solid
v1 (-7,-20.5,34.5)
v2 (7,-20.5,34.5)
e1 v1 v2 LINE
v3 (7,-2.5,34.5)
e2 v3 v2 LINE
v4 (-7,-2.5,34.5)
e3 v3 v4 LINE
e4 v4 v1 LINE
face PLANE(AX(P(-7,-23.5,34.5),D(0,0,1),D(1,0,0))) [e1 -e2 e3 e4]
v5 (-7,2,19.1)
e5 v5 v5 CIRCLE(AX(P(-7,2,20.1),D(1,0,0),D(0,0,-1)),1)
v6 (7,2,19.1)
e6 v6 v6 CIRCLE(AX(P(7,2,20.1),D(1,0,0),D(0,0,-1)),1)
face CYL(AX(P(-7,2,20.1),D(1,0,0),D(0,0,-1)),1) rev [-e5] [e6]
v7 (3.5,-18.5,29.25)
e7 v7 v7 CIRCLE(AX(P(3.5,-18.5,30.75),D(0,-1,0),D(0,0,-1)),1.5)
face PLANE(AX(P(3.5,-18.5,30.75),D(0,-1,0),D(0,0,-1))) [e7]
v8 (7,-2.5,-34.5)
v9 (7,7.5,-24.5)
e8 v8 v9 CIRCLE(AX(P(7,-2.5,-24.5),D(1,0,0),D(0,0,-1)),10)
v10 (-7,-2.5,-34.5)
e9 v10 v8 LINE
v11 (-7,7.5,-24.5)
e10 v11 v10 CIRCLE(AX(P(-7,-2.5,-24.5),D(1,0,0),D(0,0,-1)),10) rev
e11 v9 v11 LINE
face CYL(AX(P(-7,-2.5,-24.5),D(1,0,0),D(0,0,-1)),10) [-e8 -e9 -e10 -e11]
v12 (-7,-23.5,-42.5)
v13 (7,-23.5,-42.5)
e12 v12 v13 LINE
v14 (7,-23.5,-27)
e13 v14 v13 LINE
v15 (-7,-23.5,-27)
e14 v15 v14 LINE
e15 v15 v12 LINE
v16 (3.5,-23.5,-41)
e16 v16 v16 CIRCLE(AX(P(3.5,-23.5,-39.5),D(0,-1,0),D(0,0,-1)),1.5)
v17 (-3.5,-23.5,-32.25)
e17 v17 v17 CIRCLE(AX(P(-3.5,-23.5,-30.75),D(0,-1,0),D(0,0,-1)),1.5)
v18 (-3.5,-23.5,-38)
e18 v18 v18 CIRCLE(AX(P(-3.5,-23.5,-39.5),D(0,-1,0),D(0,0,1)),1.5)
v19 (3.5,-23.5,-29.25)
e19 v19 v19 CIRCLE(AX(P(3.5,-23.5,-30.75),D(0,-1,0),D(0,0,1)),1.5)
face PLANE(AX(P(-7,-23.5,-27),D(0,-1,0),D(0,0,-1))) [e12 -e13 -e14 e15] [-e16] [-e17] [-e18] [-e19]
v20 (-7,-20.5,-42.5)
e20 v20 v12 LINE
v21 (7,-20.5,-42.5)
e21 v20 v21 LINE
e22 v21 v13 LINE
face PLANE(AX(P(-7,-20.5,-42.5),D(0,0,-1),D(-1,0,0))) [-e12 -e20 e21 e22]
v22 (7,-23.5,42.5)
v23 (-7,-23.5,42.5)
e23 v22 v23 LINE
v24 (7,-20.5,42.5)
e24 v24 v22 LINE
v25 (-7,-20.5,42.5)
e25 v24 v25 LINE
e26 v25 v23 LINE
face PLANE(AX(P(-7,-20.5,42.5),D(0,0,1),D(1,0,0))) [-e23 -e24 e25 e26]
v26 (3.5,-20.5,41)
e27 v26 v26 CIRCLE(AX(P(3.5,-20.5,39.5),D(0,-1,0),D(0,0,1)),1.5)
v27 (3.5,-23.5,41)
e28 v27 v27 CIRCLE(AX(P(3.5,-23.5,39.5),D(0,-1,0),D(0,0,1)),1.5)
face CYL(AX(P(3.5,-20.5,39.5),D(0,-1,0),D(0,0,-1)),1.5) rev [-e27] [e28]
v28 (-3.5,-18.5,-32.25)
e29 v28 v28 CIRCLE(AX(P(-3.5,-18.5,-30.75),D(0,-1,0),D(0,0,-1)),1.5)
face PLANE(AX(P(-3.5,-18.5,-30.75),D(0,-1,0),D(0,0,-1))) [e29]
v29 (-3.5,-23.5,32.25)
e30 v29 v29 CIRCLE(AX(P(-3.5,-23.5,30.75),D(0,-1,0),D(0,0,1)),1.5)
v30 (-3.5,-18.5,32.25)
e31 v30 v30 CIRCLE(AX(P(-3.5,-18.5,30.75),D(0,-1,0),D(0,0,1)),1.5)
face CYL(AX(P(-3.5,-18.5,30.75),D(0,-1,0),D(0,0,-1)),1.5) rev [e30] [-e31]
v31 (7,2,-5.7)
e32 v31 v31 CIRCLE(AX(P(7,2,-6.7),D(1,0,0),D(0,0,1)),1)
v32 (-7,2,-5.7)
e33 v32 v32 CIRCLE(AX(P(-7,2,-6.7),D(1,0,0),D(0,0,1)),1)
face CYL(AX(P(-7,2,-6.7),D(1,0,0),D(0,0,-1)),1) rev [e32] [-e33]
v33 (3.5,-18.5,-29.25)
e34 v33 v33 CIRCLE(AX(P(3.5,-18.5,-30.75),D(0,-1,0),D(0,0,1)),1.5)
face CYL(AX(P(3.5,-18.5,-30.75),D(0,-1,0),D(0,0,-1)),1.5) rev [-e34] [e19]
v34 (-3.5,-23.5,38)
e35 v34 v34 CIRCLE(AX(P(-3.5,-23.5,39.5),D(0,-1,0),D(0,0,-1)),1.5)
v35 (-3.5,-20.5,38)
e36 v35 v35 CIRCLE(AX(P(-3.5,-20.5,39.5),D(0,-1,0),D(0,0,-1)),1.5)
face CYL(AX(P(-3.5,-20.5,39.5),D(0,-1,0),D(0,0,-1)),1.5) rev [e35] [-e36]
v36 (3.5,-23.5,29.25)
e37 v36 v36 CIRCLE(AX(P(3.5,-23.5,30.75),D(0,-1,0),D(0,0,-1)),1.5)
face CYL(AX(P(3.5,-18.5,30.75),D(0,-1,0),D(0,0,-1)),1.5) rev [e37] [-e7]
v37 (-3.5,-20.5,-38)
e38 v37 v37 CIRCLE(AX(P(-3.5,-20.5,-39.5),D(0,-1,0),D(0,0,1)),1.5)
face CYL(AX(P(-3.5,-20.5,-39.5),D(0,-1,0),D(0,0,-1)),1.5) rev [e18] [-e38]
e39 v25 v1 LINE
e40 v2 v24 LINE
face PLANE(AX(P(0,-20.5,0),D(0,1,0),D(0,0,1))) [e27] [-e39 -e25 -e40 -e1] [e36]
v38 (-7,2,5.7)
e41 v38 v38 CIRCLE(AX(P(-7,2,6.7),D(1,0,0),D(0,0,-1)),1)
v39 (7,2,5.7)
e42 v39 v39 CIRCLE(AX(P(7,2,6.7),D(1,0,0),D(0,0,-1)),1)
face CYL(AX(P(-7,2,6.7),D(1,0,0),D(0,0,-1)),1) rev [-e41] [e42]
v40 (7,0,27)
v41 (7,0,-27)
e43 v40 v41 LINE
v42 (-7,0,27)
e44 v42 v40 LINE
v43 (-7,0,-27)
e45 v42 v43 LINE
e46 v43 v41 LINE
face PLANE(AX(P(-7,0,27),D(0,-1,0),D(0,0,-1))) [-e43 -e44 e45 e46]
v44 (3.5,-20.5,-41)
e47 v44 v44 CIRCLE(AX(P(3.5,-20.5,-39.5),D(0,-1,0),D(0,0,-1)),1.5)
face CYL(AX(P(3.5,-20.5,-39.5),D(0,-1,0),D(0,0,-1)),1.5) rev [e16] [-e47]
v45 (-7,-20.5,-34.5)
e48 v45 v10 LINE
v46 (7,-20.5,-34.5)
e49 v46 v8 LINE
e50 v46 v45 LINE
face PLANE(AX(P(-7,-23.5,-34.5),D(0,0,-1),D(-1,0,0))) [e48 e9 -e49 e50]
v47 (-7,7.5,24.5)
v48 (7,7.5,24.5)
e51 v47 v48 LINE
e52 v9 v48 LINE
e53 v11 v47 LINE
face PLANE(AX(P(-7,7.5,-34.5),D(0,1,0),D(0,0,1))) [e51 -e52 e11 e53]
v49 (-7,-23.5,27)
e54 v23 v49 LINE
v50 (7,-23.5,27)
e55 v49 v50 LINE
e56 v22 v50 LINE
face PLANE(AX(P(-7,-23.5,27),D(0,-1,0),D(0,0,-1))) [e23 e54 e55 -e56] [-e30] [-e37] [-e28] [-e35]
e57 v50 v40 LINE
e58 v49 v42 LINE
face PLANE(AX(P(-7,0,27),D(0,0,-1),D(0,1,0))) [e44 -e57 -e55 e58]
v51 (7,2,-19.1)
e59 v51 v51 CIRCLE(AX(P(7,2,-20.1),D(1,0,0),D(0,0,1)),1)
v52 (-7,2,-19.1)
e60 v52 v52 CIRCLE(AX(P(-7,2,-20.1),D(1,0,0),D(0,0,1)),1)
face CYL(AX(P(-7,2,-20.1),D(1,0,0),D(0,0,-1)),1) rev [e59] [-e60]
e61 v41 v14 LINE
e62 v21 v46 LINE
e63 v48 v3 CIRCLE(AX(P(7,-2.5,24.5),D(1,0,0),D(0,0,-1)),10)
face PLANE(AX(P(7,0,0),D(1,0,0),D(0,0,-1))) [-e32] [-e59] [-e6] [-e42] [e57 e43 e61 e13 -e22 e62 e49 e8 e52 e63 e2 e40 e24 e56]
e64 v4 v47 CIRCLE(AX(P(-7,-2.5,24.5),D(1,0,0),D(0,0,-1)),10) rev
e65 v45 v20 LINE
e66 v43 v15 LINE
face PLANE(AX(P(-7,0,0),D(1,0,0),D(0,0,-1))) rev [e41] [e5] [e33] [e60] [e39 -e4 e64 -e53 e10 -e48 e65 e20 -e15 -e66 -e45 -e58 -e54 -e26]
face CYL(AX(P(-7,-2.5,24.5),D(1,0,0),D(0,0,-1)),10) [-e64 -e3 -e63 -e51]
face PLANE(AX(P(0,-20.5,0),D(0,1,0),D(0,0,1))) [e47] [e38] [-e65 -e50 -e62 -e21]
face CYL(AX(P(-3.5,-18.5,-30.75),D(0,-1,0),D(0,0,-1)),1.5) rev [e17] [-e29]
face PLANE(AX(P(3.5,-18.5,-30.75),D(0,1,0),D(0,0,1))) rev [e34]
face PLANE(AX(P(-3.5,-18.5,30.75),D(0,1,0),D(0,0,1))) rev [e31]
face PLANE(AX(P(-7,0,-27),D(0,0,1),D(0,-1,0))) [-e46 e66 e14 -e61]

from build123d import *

# Parameters (mm, degrees)
BOSS_EXTRUDE1_DEPTH      = 7
BOSS_EXTRUDE1_DEPTH_BACK = 7
FILLET1_R                = 10
SKETCH2_R                = 1
CUT_EXTRUDE1_DEPTH       = 45.028399926
SKETCH3_R                = 1.5
CUT_EXTRUDE2_DEPTH       = 5
SKETCH4_W                = 14
SKETCH4_H                = 8
SKETCH4_R                = 1.5
BOSS_EXTRUDE2_DEPTH      = 3


with BuildPart() as part:
    # Sketch1 → Boss-Extrude1 (new, two sides: drawn at the far end of the back side and taken through both)
    with BuildSketch(Plane(origin=(0, 0, 0), x_dir=(0, 0, -1), z_dir=(1, 0, 0)).offset(-BOSS_EXTRUDE1_DEPTH_BACK)):
        Polygon((-27, 0), (27, 0), (27, -23.5), (34.5, -23.5), (34.5, 7.5), (-34.5, 7.5), (-34.5, -23.5), (-27, -23.5), align=None)
    extrude(amount=BOSS_EXTRUDE1_DEPTH + BOSS_EXTRUDE1_DEPTH_BACK)

    # Fillet1
    fillet1_edges = [part.edges().sort_by_distance(p)[0] for p in [
        (0, 7.5, 34.5),
        (0, 7.5, -34.5),
    ]]
    fillet(fillet1_edges, radius=FILLET1_R)

    # Sketch2 → Cut-Extrude1 (cut, through all)
    with BuildSketch(Plane(origin=(7, 0, 0), x_dir=(0, 0, -1), z_dir=(1, 0, 0))):
        with Locations((-6.7, 2)):
            Circle(SKETCH2_R)
        with Locations((-20.1, 2)):
            Circle(SKETCH2_R)
        with Locations((20.1, 2)):
            Circle(SKETCH2_R)
        with Locations((6.7, 2)):
            Circle(SKETCH2_R)
    extrude(amount=-CUT_EXTRUDE1_DEPTH, mode=Mode.SUBTRACT)

    # Sketch3 → Cut-Extrude2 (cut)
    with BuildSketch(Plane.XZ.offset(23.5)):
        with Locations((-3.5, -30.75)):
            Circle(SKETCH3_R)
        with Locations((3.5, -30.75)):
            Circle(SKETCH3_R)
        with Locations((-3.5, 30.75)):
            Circle(SKETCH3_R)
        with Locations((3.5, 30.75)):
            Circle(SKETCH3_R)
    extrude(amount=-CUT_EXTRUDE2_DEPTH, mode=Mode.SUBTRACT)

    # Sketch4 → Boss-Extrude2 (add)
    # profile 1 of 2: a face of its own
    with BuildSketch(Plane.XZ.offset(23.5)):
        with Locations((0, 38.5)):
            Rectangle(SKETCH4_W, SKETCH4_H)
        with Locations((-3.5, 39.5)):
            Circle(SKETCH4_R, mode=Mode.SUBTRACT)
        with Locations((3.5, 39.5)):
            Circle(SKETCH4_R, mode=Mode.SUBTRACT)
    # profile 2 of 2: a face of its own
    with BuildSketch(Plane.XZ.offset(23.5)):
        with Locations((0, -38.5)):
            Rectangle(SKETCH4_W, SKETCH4_H)
        with Locations((3.5, -39.5)):
            Circle(SKETCH4_R, mode=Mode.SUBTRACT)
        with Locations((-3.5, -39.5)):
            Circle(SKETCH4_R, mode=Mode.SUBTRACT)
    extrude(amount=-BOSS_EXTRUDE2_DEPTH)


solid = part.part
